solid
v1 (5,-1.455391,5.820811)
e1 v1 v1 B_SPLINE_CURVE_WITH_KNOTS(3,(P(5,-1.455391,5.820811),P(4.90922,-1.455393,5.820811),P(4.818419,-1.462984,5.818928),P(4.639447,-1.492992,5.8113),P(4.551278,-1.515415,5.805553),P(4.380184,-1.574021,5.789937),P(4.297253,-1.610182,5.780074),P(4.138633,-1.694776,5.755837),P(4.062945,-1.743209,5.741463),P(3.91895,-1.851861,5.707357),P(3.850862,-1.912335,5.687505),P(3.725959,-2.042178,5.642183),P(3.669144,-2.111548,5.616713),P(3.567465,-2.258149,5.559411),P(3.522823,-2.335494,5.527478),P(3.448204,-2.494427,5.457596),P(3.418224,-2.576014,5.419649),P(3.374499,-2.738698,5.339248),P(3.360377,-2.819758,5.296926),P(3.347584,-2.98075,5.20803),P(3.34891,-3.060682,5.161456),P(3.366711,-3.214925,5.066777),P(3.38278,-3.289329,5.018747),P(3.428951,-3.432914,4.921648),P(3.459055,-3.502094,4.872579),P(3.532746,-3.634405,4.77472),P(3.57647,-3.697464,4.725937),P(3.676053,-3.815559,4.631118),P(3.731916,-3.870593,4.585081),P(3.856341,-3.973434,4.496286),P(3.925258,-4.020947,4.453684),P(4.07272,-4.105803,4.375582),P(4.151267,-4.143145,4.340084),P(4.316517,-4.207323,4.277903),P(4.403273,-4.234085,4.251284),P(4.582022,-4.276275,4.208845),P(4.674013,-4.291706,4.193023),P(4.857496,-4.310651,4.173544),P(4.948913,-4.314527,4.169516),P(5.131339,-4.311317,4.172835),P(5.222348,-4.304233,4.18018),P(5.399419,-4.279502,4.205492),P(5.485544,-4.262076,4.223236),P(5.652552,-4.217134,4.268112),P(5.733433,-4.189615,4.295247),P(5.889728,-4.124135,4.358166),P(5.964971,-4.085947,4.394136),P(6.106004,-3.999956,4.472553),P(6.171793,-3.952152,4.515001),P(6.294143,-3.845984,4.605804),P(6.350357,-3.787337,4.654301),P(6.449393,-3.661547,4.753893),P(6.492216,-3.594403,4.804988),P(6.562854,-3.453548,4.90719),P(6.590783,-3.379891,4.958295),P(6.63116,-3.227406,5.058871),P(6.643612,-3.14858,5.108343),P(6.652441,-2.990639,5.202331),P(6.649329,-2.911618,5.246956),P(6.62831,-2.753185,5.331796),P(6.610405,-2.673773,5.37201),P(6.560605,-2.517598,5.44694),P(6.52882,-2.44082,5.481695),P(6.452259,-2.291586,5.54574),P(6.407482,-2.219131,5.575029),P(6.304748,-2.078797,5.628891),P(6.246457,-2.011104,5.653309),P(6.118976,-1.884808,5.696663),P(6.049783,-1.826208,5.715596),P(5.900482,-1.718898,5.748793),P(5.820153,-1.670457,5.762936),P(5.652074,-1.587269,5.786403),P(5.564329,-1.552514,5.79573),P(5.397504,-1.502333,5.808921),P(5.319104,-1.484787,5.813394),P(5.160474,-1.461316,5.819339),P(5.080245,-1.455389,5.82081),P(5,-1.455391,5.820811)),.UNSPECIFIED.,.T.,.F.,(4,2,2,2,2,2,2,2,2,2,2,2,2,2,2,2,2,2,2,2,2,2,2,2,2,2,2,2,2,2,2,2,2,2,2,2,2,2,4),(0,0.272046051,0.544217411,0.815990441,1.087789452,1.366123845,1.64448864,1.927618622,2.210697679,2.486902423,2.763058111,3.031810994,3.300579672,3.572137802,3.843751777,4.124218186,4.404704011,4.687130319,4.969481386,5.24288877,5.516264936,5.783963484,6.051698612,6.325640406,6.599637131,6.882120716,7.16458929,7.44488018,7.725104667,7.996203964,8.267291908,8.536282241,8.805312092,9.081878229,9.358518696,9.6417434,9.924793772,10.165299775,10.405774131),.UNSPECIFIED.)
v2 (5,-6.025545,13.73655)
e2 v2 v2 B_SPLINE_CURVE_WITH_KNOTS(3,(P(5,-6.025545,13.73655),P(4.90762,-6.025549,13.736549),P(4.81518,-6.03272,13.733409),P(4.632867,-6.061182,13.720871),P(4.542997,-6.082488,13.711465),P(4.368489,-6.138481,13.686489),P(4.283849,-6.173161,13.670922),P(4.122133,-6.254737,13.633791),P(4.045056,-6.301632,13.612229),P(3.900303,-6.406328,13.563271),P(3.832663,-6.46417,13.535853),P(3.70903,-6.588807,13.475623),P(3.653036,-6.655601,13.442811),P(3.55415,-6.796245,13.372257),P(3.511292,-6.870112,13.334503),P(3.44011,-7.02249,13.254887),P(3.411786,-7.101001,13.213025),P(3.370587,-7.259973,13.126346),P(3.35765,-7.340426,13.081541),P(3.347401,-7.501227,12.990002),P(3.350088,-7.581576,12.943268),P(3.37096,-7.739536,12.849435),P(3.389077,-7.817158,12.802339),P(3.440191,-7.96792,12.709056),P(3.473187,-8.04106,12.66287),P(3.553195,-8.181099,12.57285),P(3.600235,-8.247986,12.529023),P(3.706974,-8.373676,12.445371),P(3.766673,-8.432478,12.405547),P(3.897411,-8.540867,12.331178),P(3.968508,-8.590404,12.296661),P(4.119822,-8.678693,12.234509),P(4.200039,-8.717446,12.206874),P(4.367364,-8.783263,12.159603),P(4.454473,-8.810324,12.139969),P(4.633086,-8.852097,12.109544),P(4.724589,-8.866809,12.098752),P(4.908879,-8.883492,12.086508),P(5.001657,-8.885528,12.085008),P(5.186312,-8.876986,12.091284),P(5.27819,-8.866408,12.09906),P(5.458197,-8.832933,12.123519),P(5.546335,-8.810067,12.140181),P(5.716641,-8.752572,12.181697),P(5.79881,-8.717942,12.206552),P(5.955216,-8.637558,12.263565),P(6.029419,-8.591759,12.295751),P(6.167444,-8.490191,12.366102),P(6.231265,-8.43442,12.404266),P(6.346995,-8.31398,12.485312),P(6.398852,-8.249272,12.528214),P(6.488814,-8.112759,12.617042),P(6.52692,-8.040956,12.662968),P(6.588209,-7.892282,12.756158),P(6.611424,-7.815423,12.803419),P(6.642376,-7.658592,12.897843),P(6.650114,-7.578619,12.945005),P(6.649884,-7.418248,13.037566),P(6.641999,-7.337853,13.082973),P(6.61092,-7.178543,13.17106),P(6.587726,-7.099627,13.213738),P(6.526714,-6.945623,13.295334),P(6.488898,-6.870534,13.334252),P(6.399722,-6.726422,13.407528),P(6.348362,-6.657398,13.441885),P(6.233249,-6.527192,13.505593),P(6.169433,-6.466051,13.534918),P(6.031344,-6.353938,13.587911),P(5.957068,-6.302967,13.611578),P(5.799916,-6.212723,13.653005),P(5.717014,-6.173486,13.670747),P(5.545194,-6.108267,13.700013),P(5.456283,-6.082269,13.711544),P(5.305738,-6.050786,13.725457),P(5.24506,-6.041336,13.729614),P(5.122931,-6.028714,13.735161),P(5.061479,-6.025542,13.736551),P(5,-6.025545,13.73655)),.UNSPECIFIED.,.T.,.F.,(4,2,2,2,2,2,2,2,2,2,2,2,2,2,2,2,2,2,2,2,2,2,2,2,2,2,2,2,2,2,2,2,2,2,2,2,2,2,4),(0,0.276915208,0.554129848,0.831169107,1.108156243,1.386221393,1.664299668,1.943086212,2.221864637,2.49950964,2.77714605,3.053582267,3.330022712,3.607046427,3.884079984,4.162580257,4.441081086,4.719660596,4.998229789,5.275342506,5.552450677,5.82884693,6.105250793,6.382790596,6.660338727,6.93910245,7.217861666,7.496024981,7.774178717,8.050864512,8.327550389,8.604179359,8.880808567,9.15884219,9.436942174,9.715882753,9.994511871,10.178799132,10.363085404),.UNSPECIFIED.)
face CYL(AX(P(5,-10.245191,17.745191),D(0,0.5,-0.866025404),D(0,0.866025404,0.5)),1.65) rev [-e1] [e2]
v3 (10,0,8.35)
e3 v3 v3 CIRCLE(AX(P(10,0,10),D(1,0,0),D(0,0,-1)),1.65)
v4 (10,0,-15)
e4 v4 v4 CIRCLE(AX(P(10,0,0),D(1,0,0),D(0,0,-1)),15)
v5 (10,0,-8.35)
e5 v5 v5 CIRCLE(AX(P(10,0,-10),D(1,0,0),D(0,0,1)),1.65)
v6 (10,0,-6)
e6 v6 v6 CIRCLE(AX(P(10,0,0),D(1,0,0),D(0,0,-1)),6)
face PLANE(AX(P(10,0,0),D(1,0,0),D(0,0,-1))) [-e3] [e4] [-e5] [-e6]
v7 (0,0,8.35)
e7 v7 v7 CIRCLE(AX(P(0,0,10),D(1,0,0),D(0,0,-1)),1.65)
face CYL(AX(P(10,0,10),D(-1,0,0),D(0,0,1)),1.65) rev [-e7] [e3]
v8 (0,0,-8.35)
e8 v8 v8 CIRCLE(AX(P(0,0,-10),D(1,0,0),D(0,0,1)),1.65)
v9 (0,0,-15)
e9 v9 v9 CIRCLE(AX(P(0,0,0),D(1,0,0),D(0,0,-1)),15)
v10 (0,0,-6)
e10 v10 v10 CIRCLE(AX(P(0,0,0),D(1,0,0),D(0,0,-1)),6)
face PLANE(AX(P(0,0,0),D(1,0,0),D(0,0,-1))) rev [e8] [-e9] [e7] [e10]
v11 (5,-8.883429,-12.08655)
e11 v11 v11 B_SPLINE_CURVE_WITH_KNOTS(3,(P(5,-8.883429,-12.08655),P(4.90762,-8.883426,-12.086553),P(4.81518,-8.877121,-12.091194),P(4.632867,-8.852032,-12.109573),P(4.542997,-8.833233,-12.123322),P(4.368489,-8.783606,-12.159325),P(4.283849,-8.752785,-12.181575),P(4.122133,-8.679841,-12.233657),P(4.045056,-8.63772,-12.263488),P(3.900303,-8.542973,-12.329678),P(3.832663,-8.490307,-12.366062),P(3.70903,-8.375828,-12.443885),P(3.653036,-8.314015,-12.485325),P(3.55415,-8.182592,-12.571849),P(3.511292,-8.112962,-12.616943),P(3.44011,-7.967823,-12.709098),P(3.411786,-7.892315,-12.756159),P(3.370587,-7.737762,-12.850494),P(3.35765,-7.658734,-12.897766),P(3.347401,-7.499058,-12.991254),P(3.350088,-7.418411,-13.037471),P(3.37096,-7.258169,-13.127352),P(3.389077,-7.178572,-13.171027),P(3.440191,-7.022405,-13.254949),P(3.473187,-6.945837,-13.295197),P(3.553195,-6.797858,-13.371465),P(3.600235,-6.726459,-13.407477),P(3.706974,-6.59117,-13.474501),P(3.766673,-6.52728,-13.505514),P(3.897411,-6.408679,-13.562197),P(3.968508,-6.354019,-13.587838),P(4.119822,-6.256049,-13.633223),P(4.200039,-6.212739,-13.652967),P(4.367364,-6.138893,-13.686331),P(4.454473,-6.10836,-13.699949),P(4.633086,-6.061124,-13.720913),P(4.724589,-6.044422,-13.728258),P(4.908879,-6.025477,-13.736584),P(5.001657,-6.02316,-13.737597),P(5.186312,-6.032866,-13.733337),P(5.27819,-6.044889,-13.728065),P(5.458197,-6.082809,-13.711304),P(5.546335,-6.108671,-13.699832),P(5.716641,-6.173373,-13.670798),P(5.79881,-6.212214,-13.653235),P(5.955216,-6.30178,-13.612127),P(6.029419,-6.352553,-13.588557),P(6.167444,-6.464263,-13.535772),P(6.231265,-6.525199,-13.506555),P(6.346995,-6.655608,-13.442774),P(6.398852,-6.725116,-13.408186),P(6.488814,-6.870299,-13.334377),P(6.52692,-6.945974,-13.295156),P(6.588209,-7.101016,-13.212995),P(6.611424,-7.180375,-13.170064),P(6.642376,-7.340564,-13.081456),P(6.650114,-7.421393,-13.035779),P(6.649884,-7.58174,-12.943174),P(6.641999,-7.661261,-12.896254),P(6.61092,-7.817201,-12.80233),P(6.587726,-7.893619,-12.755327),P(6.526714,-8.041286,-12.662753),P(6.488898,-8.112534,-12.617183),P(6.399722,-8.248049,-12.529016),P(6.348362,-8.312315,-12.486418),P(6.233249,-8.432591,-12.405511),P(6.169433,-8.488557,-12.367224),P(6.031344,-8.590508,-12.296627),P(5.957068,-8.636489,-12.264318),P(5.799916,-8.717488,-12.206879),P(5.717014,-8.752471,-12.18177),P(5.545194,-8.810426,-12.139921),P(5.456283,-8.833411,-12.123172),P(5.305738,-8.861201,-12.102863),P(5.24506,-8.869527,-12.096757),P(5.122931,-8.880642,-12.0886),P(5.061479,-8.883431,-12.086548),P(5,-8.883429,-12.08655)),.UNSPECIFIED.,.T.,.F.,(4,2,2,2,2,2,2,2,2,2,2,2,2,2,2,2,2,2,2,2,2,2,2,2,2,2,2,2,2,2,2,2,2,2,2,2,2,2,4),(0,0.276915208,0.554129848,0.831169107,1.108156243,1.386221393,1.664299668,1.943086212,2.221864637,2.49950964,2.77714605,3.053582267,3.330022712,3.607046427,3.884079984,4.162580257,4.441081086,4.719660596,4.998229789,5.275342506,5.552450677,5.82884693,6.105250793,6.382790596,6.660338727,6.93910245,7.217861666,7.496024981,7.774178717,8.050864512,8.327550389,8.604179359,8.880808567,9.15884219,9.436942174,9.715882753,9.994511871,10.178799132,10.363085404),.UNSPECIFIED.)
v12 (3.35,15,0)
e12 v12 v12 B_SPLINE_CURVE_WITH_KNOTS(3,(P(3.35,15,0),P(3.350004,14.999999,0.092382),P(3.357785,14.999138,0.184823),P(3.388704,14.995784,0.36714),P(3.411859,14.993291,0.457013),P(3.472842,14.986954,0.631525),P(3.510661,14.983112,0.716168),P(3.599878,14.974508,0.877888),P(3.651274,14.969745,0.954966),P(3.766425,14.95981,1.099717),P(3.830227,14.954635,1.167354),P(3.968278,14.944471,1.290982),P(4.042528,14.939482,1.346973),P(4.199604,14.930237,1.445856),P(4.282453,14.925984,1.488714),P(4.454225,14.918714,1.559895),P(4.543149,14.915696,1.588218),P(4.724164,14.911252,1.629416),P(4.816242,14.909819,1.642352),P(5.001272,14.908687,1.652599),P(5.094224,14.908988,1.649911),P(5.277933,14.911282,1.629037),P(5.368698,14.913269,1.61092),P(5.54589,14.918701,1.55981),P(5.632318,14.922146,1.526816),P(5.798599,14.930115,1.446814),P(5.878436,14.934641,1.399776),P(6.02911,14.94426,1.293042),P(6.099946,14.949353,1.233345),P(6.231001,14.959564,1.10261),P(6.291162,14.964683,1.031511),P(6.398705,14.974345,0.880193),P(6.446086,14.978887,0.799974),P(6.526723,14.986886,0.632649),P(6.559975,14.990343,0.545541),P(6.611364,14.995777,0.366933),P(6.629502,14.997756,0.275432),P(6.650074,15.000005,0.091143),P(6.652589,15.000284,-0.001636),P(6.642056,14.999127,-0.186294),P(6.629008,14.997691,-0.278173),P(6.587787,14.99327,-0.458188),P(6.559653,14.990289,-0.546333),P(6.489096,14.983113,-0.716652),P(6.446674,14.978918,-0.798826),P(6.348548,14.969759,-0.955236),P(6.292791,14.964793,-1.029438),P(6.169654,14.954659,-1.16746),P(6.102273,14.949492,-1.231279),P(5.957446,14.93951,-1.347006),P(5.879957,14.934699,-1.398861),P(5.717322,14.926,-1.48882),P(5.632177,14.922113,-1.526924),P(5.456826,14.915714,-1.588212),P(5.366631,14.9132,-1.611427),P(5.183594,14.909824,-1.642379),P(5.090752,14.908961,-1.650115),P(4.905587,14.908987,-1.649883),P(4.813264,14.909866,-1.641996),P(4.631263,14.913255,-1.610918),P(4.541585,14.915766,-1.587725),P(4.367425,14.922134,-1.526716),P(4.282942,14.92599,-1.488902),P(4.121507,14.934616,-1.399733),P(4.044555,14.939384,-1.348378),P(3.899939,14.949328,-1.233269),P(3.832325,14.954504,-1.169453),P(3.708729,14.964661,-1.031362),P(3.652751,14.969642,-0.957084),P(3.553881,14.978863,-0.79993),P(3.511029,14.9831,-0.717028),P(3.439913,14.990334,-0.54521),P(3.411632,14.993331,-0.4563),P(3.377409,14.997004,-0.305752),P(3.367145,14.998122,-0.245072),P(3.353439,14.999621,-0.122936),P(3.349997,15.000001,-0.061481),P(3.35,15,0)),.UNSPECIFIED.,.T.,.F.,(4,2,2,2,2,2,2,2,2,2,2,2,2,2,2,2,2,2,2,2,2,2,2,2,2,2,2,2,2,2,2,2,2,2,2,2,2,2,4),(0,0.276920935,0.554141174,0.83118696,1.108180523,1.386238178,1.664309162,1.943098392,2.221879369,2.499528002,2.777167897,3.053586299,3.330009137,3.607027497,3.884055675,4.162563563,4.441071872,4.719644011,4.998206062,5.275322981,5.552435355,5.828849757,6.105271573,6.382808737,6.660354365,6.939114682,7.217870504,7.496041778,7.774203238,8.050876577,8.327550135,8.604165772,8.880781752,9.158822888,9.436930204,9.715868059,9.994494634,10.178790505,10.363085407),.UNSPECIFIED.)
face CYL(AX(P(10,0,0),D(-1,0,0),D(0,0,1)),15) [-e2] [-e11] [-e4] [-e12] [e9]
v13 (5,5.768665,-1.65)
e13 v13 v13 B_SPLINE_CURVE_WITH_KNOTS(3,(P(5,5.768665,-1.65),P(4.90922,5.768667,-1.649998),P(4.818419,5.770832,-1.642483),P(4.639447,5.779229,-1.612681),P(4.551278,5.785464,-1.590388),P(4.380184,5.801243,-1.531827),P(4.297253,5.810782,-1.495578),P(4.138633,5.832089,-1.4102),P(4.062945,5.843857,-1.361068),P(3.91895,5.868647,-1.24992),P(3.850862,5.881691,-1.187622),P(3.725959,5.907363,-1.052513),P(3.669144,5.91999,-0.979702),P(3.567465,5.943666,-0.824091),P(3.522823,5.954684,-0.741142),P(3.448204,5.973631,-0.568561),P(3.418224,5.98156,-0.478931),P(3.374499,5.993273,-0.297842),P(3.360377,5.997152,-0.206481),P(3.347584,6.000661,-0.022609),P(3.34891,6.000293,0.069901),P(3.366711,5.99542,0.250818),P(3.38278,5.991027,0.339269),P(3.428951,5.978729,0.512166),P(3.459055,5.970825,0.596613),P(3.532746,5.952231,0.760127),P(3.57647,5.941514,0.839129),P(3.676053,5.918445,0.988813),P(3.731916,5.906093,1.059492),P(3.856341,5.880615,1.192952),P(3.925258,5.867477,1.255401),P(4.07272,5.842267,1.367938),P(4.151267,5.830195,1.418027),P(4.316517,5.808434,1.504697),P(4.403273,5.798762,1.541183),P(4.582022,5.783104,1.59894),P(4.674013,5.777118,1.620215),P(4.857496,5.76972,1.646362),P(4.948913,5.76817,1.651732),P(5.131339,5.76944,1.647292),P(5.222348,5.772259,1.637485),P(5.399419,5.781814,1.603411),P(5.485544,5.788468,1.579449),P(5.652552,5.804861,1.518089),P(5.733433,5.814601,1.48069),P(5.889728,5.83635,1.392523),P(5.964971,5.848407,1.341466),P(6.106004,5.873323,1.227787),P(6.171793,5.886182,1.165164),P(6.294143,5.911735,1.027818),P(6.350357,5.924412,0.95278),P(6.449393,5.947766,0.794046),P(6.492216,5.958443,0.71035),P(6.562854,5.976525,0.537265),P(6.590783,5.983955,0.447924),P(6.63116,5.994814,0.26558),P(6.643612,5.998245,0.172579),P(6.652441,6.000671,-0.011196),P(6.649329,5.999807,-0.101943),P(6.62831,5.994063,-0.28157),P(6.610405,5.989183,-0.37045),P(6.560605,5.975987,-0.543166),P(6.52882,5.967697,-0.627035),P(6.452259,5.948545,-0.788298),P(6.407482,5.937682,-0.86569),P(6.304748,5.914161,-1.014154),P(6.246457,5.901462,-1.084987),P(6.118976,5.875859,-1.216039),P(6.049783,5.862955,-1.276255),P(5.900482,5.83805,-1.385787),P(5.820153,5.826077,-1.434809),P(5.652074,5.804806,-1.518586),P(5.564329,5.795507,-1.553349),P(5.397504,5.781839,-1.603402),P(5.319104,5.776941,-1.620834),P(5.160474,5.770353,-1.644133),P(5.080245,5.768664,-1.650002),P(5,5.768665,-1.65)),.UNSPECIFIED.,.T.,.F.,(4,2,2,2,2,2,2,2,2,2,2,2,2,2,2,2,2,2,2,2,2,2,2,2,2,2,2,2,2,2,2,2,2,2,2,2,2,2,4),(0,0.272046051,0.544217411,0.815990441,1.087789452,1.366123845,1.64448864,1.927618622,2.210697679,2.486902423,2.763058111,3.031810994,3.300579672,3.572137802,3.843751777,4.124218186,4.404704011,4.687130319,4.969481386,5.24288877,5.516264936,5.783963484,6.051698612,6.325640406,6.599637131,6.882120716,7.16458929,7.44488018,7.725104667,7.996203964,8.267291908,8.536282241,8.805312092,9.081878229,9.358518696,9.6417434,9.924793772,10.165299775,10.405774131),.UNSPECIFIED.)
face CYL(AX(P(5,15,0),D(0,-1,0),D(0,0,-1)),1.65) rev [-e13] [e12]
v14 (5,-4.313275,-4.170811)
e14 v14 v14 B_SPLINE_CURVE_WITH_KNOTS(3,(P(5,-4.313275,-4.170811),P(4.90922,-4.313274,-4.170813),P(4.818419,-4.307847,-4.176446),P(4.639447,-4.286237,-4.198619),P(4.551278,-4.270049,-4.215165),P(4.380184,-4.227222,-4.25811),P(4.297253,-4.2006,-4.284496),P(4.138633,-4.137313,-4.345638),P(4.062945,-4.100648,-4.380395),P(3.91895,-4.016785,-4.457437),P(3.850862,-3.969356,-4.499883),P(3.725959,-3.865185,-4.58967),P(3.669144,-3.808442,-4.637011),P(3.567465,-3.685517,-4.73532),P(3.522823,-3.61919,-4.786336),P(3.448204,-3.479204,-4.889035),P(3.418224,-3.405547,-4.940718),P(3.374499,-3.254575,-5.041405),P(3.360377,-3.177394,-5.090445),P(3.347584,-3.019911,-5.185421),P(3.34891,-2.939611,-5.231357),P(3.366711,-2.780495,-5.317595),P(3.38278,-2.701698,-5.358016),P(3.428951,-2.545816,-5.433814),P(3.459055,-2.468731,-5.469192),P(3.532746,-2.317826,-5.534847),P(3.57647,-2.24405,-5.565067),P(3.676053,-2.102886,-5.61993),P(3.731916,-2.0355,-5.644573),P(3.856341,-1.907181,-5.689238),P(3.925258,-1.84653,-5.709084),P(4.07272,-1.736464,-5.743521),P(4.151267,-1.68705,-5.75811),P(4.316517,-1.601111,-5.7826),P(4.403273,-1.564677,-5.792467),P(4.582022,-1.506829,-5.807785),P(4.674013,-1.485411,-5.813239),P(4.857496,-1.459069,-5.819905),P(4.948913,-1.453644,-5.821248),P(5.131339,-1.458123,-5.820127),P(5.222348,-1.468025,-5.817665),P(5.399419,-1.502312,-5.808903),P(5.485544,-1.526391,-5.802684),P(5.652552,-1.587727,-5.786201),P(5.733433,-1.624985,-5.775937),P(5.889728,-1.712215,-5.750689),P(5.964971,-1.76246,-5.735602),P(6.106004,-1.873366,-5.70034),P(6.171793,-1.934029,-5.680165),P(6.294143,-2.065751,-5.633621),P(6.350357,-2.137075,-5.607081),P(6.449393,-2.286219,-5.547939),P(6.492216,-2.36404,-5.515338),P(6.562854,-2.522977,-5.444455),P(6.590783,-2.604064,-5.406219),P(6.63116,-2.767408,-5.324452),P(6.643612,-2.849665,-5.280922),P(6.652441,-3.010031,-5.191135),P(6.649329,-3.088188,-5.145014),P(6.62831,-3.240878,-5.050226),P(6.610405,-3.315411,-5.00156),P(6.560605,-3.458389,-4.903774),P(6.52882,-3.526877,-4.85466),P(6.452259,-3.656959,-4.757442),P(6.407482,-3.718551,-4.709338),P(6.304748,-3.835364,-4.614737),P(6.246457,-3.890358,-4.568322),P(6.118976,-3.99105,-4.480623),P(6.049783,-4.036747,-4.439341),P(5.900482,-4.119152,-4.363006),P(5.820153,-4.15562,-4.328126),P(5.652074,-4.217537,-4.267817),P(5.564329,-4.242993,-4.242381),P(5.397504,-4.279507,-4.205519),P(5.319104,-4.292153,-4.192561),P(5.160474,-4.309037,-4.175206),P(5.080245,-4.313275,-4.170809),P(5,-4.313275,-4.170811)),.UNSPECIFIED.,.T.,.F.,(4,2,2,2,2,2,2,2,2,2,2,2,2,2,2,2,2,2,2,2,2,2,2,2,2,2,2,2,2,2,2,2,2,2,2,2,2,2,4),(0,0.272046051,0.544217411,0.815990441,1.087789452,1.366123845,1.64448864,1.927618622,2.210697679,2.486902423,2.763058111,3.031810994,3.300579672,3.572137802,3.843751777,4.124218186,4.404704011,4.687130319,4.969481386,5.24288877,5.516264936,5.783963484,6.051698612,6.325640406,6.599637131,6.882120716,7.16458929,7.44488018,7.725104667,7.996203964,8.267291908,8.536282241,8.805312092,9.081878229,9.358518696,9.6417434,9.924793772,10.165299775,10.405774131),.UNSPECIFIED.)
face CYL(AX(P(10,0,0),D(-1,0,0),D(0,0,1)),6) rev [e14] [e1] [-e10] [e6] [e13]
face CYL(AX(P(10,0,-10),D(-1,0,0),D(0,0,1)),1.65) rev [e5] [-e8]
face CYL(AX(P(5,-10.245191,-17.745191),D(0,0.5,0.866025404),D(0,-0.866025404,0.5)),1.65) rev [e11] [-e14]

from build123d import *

# Parameters (mm, degrees)
SKETCH_1_R               = 15
SKETCH_1_R_2             = 6
SKETCH_1_R_3             = 1.65
EXTRUDE_1_DEPTH          = 10
SKETCH_2_R               = 1.65
CUT_EXTRUDE_1_DEPTH      = 24.452078799
PATTERN_CIRCULAR_1_COUNT = 3


with BuildPart() as part:
    # ｽｹｯﾁ1 → ﾎﾞｽ - 押し出し1 (new body)
    with BuildSketch(Plane(origin=(0, 0, 0), x_dir=(0, 0, -1), z_dir=(1, 0, 0))):
        Circle(SKETCH_1_R)
        Circle(SKETCH_1_R_2, mode=Mode.SUBTRACT)
        with Locations((-10, 0)):
            Circle(SKETCH_1_R_3, mode=Mode.SUBTRACT)
        with Locations(Location((10, 0, 0), (0, 0, 180))):
            Circle(SKETCH_1_R_3, mode=Mode.SUBTRACT)
    extrude(amount=EXTRUDE_1_DEPTH)

    # ｽｹｯﾁ2 → ｶｯﾄ - 押し出し1 (cut, through all)
    with BuildSketch(Plane(origin=(0, 0, 0), x_dir=(1, 0, 0), z_dir=(0, 1, 0))):
        with Locations(Location((5, 0, 0), (0, 0, 90))):
            Circle(SKETCH_2_R)
    cut_extrude_1 = extrude(amount=CUT_EXTRUDE_1_DEPTH, mode=Mode.SUBTRACT)

    # 円形ﾊﾟﾀｰﾝ1: ｶｯﾄ - 押し出し1 ×3 about axis
    pattern_circular_1_axis = Axis((10, 0, 0), (1, 0, 0))
    for i in range(1, PATTERN_CIRCULAR_1_COUNT):
        add(cut_extrude_1.rotate(pattern_circular_1_axis, i * 360 / PATTERN_CIRCULAR_1_COUNT), mode=Mode.SUBTRACT)


solid = part.part
